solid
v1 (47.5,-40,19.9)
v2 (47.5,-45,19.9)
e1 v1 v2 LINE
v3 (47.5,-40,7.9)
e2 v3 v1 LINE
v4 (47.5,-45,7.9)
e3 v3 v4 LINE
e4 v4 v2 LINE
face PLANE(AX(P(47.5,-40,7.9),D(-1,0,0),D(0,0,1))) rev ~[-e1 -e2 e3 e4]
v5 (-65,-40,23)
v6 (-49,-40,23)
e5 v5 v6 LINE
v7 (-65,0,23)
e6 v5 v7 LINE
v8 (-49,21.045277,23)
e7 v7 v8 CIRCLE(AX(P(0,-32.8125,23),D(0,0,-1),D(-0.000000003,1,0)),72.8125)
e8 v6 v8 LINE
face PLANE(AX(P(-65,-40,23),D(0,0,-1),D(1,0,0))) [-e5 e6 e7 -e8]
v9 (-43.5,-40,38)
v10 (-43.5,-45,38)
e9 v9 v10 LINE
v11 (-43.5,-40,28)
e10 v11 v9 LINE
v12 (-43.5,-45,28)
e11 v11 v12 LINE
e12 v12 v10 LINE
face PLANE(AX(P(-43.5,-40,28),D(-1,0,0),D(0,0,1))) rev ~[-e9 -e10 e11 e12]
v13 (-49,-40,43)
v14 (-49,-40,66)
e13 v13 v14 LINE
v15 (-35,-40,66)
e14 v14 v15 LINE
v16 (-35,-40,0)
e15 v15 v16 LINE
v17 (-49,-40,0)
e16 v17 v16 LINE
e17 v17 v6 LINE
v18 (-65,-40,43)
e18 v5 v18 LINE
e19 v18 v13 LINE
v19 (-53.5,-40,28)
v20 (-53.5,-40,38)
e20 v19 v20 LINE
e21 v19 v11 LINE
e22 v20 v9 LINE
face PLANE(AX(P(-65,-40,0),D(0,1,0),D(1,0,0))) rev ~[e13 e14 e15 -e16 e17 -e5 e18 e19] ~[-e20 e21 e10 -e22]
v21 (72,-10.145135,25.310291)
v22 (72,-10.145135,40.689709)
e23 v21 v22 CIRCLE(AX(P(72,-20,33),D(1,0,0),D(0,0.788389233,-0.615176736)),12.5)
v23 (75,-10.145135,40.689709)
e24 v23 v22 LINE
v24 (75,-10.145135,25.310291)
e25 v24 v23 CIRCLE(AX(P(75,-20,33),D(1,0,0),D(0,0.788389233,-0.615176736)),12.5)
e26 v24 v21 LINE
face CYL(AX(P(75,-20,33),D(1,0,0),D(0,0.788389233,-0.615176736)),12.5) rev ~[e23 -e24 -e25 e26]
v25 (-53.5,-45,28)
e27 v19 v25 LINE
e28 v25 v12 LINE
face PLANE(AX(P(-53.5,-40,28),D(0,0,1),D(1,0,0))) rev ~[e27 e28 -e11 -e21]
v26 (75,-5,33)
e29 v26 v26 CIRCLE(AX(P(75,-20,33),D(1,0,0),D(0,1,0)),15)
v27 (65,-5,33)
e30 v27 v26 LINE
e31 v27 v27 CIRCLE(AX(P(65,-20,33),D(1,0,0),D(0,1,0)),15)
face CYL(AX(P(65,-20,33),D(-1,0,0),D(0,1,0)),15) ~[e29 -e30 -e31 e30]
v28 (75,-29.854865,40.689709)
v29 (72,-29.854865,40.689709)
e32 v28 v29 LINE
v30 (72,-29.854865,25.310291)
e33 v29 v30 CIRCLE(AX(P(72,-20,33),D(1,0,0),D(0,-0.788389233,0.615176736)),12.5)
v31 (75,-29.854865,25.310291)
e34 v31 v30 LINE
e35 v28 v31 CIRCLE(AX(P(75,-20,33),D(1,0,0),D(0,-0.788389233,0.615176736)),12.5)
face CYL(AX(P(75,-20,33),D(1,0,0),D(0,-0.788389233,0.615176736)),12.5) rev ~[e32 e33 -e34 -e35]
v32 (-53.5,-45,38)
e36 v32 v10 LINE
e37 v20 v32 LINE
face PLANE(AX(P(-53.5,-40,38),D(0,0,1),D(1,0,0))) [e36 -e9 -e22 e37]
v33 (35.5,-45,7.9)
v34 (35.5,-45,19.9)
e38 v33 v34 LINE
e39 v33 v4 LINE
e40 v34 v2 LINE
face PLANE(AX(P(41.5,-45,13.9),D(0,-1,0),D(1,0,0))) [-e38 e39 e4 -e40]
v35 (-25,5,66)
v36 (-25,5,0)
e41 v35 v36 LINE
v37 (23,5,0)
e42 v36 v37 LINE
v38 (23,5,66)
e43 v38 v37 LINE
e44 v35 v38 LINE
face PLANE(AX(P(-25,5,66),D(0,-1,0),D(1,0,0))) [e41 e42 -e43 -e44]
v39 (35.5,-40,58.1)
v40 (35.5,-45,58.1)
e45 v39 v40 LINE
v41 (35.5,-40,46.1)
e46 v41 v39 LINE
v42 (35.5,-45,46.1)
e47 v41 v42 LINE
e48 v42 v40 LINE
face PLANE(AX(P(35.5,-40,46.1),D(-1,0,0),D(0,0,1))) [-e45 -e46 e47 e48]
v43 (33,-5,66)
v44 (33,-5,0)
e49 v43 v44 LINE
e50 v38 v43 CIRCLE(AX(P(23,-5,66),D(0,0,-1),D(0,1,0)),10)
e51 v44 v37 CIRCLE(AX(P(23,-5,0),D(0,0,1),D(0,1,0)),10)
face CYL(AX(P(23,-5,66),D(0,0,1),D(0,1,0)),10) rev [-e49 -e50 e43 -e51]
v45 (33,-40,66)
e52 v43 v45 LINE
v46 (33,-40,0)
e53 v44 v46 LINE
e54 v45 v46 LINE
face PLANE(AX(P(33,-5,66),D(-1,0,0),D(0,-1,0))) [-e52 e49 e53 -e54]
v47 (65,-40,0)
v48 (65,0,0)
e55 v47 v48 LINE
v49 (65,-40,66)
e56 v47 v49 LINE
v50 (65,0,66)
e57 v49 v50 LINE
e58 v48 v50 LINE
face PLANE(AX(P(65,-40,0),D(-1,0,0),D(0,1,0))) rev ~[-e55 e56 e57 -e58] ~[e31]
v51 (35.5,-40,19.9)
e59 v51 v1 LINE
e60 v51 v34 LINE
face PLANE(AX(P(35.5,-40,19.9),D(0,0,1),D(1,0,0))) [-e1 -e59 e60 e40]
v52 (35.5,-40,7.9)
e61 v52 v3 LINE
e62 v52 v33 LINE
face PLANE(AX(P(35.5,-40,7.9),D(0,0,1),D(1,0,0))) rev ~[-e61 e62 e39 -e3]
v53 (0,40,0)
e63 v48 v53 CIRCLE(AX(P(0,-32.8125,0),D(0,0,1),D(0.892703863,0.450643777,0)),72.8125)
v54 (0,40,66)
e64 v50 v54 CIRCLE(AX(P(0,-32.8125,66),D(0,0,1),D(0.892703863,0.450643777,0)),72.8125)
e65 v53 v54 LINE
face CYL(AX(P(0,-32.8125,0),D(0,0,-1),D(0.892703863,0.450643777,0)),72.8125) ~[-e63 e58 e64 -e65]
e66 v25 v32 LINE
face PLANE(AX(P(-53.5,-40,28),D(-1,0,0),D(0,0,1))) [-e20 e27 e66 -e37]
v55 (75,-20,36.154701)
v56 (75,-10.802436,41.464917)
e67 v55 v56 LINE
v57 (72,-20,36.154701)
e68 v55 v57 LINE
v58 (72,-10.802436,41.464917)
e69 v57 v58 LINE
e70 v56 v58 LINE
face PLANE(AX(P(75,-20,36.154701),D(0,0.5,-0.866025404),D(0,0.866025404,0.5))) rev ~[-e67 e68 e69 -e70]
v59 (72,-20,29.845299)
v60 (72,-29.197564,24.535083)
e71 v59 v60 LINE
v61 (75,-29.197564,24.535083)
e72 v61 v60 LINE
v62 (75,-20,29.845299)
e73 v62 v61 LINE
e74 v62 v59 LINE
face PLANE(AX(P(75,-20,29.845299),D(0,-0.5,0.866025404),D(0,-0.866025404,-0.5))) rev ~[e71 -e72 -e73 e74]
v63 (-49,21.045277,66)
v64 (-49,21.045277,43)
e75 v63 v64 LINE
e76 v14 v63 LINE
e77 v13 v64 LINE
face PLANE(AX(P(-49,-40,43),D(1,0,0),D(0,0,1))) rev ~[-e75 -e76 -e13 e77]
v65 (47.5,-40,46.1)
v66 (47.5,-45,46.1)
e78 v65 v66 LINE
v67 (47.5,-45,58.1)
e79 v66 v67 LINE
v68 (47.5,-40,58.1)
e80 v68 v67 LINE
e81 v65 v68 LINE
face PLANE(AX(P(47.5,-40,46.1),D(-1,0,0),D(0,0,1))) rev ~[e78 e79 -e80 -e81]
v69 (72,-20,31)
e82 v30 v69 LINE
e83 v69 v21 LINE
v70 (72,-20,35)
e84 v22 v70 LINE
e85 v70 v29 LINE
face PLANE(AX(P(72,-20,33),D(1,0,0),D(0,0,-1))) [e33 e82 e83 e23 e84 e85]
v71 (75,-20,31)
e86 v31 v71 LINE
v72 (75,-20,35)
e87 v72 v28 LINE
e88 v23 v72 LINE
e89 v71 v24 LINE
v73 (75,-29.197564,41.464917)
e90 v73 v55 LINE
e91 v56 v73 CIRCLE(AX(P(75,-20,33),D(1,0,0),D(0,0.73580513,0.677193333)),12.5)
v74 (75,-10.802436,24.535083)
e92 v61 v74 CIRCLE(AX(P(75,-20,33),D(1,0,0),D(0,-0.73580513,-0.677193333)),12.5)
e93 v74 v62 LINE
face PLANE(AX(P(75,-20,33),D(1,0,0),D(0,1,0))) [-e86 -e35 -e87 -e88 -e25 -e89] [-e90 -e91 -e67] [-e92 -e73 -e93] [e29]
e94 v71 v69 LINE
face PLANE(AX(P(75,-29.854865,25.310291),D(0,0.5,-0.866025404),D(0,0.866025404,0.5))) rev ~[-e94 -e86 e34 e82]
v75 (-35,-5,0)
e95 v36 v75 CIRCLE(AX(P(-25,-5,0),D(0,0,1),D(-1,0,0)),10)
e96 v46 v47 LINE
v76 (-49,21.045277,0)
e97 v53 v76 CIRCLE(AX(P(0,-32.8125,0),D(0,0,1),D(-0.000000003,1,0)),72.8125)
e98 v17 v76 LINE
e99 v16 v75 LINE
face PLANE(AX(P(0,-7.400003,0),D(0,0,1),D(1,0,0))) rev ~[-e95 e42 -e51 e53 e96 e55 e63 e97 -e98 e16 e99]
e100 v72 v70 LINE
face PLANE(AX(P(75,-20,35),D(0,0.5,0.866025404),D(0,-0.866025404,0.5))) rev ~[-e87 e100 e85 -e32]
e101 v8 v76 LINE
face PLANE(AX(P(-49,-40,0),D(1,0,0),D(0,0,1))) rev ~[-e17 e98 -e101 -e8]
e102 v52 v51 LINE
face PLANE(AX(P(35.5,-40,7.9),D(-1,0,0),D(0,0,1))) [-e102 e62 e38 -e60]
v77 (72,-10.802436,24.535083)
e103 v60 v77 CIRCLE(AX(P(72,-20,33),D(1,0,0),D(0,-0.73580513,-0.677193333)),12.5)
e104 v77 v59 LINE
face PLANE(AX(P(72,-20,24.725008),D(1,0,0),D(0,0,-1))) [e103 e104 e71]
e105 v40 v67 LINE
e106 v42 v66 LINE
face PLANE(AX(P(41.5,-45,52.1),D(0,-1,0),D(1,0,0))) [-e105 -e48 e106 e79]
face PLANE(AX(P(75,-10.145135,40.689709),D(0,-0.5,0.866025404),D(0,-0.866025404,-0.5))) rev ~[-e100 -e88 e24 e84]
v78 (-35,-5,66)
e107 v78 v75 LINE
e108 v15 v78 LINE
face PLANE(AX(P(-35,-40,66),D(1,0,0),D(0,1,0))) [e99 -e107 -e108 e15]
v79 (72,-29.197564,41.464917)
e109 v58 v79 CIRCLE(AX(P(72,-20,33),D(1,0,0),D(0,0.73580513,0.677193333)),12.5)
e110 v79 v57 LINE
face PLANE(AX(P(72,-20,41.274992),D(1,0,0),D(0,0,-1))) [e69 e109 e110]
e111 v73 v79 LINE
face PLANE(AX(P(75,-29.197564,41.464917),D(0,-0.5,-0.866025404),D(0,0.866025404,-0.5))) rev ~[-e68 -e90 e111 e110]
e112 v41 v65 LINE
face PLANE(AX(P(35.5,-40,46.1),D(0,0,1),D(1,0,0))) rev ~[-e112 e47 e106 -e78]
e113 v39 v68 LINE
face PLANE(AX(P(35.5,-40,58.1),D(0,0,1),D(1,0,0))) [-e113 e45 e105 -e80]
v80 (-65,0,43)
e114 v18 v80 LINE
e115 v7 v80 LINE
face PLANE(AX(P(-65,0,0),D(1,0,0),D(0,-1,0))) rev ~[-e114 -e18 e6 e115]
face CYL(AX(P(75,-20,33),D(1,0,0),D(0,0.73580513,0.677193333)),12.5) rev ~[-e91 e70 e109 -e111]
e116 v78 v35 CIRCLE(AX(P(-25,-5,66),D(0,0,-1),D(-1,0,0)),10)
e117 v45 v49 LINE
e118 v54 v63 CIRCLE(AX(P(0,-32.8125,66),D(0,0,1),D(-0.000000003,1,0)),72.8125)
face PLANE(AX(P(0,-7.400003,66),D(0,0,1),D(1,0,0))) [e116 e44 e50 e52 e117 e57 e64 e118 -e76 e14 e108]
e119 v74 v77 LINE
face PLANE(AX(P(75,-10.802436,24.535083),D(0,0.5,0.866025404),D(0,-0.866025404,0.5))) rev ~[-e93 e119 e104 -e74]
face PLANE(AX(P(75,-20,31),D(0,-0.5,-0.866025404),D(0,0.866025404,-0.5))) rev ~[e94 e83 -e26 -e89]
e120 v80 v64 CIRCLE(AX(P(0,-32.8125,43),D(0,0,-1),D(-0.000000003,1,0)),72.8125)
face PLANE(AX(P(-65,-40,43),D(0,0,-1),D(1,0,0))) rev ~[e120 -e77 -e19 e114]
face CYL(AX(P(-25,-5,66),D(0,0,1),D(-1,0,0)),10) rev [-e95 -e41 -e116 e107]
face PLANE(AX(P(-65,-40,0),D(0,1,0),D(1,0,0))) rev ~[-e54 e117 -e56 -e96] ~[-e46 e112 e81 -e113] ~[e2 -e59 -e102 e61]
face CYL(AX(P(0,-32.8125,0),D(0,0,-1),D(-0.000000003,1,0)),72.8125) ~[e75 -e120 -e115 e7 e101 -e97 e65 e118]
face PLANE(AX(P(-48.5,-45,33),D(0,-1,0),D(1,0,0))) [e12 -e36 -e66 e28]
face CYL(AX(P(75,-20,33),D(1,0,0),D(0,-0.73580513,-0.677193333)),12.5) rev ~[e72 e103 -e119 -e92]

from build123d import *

# Parameters (mm, degrees)
BOSS_EXTRUDE1_DEPTH = 66
SKETCH4_R           = 15
BOSS_EXTRUDE2_DEPTH = 10
CUT_EXTRUDE2_DEPTH  = 108.615054709
SKETCH5_W           = 16
SKETCH5_H           = 23
CUT_EXTRUDE3_DEPTH  = 128.988280714
SKETCH6_W           = 10
SKETCH6_H           = 10
BOSS_EXTRUDE3_DEPTH = 5
SKETCH7_W           = 12
SKETCH7_H           = 12
BOSS_EXTRUDE4_DEPTH = 5
CUT_EXTRUDE4_DEPTH  = 3


with BuildPart() as part:
    # Sketch2 → Boss-Extrude1 (new body)
    with BuildSketch(Plane.XY):
        with BuildLine():
            ThreePointArc((65, 0), (38.160843726, 29.198871234), (-1.89e-07, 40))
            ThreePointArc((-1.89e-07, 40), (-38.160843886, 29.198871136), (-65, 0))
            Line((-65, 0), (-65, -40))
            Line((-65, -40), (65, -40))
            Line((65, -40), (65, 0))
        make_face()
    extrude(amount=BOSS_EXTRUDE1_DEPTH)

    # Sketch4 → Boss-Extrude2 (add)
    with BuildSketch(Plane(origin=(65, 0, 0), x_dir=(0, 0, -1), z_dir=(1, 0, 0))):
        with Locations(Location((-33, -20, 0), (0, 0, 90))):
            Circle(SKETCH4_R)
    extrude(amount=BOSS_EXTRUDE2_DEPTH)

    # Sketch3 → Cut-Extrude2 (cut, through all)
    with BuildSketch(Plane.XY.offset(66)):
        with BuildLine():
            Line((-25, 5), (23, 5))
            ThreePointArc((23, 5), (30.071067812, 2.071067812), (33, -5))
            Line((33, -5), (33, -40))
            Line((33, -40), (-35, -40))
            Line((-35, -40), (-35, -5))
            ThreePointArc((-35, -5), (-32.071067812, 2.071067812), (-25, 5))
        make_face()
    extrude(amount=-CUT_EXTRUDE2_DEPTH, mode=Mode.SUBTRACT)

    # Sketch5 → Cut-Extrude3 (cut, through all)
    with BuildSketch(Plane.XZ.offset(40)):
        with Locations((-57, 54.5)):
            Rectangle(SKETCH5_W, SKETCH5_H)
        with Locations((-57, 11.5)):
            Rectangle(SKETCH5_W, SKETCH5_H)
    extrude(amount=-CUT_EXTRUDE3_DEPTH, mode=Mode.SUBTRACT)

    # Sketch6 → Boss-Extrude3 (add)
    with BuildSketch(Plane.XZ.offset(40)):
        with Locations((-48.5, 33)):
            Rectangle(SKETCH6_W, SKETCH6_H)
    extrude(amount=BOSS_EXTRUDE3_DEPTH)

    # Sketch7 → Boss-Extrude4 (add)
    with BuildSketch(Plane.XZ.offset(40)):
        with Locations((41.5, 13.9)):
            Rectangle(SKETCH7_W, SKETCH7_H)
        with Locations((41.5, 52.1)):
            Rectangle(SKETCH7_W, SKETCH7_H)
    extrude(amount=BOSS_EXTRUDE4_DEPTH)

    # Sketch8 → Cut-Extrude4 (cut)
    with BuildSketch(Plane(origin=(75, 0, 0), x_dir=(0, 0, -1), z_dir=(1, 0, 0))):
        with BuildLine():
            Line((-40.689709202, -10.145134583), (-35, -20))
            Line((-35, -20), (-40.689709202, -29.854865417))
            ThreePointArc((-40.689709202, -29.854865417), (-33, -32.5), (-25.310290798, -29.854865417))
            Line((-25.310290798, -29.854865417), (-31, -20))
            Line((-31, -20), (-25.310290798, -10.145134583))
            ThreePointArc((-25.310290798, -10.145134583), (-33, -7.5), (-40.689709202, -10.145134583))
        make_face()
        with BuildLine():
            Line((-36.154700538, -20), (-41.464916663, -10.802435872))
            ThreePointArc((-41.464916663, -10.802435872), (-45.5, -20), (-41.464916663, -29.197564128))
            Line((-41.464916663, -29.197564128), (-36.154700538, -20))
        make_face()
        with BuildLine():
            ThreePointArc((-24.535083337, -29.197564128), (-20.5, -20), (-24.535083337, -10.802435872))
            Line((-24.535083337, -10.802435872), (-29.845299462, -20))
            Line((-29.845299462, -20), (-24.535083337, -29.197564128))
        make_face()
    extrude(amount=-CUT_EXTRUDE4_DEPTH, mode=Mode.SUBTRACT)


solid = part.part
